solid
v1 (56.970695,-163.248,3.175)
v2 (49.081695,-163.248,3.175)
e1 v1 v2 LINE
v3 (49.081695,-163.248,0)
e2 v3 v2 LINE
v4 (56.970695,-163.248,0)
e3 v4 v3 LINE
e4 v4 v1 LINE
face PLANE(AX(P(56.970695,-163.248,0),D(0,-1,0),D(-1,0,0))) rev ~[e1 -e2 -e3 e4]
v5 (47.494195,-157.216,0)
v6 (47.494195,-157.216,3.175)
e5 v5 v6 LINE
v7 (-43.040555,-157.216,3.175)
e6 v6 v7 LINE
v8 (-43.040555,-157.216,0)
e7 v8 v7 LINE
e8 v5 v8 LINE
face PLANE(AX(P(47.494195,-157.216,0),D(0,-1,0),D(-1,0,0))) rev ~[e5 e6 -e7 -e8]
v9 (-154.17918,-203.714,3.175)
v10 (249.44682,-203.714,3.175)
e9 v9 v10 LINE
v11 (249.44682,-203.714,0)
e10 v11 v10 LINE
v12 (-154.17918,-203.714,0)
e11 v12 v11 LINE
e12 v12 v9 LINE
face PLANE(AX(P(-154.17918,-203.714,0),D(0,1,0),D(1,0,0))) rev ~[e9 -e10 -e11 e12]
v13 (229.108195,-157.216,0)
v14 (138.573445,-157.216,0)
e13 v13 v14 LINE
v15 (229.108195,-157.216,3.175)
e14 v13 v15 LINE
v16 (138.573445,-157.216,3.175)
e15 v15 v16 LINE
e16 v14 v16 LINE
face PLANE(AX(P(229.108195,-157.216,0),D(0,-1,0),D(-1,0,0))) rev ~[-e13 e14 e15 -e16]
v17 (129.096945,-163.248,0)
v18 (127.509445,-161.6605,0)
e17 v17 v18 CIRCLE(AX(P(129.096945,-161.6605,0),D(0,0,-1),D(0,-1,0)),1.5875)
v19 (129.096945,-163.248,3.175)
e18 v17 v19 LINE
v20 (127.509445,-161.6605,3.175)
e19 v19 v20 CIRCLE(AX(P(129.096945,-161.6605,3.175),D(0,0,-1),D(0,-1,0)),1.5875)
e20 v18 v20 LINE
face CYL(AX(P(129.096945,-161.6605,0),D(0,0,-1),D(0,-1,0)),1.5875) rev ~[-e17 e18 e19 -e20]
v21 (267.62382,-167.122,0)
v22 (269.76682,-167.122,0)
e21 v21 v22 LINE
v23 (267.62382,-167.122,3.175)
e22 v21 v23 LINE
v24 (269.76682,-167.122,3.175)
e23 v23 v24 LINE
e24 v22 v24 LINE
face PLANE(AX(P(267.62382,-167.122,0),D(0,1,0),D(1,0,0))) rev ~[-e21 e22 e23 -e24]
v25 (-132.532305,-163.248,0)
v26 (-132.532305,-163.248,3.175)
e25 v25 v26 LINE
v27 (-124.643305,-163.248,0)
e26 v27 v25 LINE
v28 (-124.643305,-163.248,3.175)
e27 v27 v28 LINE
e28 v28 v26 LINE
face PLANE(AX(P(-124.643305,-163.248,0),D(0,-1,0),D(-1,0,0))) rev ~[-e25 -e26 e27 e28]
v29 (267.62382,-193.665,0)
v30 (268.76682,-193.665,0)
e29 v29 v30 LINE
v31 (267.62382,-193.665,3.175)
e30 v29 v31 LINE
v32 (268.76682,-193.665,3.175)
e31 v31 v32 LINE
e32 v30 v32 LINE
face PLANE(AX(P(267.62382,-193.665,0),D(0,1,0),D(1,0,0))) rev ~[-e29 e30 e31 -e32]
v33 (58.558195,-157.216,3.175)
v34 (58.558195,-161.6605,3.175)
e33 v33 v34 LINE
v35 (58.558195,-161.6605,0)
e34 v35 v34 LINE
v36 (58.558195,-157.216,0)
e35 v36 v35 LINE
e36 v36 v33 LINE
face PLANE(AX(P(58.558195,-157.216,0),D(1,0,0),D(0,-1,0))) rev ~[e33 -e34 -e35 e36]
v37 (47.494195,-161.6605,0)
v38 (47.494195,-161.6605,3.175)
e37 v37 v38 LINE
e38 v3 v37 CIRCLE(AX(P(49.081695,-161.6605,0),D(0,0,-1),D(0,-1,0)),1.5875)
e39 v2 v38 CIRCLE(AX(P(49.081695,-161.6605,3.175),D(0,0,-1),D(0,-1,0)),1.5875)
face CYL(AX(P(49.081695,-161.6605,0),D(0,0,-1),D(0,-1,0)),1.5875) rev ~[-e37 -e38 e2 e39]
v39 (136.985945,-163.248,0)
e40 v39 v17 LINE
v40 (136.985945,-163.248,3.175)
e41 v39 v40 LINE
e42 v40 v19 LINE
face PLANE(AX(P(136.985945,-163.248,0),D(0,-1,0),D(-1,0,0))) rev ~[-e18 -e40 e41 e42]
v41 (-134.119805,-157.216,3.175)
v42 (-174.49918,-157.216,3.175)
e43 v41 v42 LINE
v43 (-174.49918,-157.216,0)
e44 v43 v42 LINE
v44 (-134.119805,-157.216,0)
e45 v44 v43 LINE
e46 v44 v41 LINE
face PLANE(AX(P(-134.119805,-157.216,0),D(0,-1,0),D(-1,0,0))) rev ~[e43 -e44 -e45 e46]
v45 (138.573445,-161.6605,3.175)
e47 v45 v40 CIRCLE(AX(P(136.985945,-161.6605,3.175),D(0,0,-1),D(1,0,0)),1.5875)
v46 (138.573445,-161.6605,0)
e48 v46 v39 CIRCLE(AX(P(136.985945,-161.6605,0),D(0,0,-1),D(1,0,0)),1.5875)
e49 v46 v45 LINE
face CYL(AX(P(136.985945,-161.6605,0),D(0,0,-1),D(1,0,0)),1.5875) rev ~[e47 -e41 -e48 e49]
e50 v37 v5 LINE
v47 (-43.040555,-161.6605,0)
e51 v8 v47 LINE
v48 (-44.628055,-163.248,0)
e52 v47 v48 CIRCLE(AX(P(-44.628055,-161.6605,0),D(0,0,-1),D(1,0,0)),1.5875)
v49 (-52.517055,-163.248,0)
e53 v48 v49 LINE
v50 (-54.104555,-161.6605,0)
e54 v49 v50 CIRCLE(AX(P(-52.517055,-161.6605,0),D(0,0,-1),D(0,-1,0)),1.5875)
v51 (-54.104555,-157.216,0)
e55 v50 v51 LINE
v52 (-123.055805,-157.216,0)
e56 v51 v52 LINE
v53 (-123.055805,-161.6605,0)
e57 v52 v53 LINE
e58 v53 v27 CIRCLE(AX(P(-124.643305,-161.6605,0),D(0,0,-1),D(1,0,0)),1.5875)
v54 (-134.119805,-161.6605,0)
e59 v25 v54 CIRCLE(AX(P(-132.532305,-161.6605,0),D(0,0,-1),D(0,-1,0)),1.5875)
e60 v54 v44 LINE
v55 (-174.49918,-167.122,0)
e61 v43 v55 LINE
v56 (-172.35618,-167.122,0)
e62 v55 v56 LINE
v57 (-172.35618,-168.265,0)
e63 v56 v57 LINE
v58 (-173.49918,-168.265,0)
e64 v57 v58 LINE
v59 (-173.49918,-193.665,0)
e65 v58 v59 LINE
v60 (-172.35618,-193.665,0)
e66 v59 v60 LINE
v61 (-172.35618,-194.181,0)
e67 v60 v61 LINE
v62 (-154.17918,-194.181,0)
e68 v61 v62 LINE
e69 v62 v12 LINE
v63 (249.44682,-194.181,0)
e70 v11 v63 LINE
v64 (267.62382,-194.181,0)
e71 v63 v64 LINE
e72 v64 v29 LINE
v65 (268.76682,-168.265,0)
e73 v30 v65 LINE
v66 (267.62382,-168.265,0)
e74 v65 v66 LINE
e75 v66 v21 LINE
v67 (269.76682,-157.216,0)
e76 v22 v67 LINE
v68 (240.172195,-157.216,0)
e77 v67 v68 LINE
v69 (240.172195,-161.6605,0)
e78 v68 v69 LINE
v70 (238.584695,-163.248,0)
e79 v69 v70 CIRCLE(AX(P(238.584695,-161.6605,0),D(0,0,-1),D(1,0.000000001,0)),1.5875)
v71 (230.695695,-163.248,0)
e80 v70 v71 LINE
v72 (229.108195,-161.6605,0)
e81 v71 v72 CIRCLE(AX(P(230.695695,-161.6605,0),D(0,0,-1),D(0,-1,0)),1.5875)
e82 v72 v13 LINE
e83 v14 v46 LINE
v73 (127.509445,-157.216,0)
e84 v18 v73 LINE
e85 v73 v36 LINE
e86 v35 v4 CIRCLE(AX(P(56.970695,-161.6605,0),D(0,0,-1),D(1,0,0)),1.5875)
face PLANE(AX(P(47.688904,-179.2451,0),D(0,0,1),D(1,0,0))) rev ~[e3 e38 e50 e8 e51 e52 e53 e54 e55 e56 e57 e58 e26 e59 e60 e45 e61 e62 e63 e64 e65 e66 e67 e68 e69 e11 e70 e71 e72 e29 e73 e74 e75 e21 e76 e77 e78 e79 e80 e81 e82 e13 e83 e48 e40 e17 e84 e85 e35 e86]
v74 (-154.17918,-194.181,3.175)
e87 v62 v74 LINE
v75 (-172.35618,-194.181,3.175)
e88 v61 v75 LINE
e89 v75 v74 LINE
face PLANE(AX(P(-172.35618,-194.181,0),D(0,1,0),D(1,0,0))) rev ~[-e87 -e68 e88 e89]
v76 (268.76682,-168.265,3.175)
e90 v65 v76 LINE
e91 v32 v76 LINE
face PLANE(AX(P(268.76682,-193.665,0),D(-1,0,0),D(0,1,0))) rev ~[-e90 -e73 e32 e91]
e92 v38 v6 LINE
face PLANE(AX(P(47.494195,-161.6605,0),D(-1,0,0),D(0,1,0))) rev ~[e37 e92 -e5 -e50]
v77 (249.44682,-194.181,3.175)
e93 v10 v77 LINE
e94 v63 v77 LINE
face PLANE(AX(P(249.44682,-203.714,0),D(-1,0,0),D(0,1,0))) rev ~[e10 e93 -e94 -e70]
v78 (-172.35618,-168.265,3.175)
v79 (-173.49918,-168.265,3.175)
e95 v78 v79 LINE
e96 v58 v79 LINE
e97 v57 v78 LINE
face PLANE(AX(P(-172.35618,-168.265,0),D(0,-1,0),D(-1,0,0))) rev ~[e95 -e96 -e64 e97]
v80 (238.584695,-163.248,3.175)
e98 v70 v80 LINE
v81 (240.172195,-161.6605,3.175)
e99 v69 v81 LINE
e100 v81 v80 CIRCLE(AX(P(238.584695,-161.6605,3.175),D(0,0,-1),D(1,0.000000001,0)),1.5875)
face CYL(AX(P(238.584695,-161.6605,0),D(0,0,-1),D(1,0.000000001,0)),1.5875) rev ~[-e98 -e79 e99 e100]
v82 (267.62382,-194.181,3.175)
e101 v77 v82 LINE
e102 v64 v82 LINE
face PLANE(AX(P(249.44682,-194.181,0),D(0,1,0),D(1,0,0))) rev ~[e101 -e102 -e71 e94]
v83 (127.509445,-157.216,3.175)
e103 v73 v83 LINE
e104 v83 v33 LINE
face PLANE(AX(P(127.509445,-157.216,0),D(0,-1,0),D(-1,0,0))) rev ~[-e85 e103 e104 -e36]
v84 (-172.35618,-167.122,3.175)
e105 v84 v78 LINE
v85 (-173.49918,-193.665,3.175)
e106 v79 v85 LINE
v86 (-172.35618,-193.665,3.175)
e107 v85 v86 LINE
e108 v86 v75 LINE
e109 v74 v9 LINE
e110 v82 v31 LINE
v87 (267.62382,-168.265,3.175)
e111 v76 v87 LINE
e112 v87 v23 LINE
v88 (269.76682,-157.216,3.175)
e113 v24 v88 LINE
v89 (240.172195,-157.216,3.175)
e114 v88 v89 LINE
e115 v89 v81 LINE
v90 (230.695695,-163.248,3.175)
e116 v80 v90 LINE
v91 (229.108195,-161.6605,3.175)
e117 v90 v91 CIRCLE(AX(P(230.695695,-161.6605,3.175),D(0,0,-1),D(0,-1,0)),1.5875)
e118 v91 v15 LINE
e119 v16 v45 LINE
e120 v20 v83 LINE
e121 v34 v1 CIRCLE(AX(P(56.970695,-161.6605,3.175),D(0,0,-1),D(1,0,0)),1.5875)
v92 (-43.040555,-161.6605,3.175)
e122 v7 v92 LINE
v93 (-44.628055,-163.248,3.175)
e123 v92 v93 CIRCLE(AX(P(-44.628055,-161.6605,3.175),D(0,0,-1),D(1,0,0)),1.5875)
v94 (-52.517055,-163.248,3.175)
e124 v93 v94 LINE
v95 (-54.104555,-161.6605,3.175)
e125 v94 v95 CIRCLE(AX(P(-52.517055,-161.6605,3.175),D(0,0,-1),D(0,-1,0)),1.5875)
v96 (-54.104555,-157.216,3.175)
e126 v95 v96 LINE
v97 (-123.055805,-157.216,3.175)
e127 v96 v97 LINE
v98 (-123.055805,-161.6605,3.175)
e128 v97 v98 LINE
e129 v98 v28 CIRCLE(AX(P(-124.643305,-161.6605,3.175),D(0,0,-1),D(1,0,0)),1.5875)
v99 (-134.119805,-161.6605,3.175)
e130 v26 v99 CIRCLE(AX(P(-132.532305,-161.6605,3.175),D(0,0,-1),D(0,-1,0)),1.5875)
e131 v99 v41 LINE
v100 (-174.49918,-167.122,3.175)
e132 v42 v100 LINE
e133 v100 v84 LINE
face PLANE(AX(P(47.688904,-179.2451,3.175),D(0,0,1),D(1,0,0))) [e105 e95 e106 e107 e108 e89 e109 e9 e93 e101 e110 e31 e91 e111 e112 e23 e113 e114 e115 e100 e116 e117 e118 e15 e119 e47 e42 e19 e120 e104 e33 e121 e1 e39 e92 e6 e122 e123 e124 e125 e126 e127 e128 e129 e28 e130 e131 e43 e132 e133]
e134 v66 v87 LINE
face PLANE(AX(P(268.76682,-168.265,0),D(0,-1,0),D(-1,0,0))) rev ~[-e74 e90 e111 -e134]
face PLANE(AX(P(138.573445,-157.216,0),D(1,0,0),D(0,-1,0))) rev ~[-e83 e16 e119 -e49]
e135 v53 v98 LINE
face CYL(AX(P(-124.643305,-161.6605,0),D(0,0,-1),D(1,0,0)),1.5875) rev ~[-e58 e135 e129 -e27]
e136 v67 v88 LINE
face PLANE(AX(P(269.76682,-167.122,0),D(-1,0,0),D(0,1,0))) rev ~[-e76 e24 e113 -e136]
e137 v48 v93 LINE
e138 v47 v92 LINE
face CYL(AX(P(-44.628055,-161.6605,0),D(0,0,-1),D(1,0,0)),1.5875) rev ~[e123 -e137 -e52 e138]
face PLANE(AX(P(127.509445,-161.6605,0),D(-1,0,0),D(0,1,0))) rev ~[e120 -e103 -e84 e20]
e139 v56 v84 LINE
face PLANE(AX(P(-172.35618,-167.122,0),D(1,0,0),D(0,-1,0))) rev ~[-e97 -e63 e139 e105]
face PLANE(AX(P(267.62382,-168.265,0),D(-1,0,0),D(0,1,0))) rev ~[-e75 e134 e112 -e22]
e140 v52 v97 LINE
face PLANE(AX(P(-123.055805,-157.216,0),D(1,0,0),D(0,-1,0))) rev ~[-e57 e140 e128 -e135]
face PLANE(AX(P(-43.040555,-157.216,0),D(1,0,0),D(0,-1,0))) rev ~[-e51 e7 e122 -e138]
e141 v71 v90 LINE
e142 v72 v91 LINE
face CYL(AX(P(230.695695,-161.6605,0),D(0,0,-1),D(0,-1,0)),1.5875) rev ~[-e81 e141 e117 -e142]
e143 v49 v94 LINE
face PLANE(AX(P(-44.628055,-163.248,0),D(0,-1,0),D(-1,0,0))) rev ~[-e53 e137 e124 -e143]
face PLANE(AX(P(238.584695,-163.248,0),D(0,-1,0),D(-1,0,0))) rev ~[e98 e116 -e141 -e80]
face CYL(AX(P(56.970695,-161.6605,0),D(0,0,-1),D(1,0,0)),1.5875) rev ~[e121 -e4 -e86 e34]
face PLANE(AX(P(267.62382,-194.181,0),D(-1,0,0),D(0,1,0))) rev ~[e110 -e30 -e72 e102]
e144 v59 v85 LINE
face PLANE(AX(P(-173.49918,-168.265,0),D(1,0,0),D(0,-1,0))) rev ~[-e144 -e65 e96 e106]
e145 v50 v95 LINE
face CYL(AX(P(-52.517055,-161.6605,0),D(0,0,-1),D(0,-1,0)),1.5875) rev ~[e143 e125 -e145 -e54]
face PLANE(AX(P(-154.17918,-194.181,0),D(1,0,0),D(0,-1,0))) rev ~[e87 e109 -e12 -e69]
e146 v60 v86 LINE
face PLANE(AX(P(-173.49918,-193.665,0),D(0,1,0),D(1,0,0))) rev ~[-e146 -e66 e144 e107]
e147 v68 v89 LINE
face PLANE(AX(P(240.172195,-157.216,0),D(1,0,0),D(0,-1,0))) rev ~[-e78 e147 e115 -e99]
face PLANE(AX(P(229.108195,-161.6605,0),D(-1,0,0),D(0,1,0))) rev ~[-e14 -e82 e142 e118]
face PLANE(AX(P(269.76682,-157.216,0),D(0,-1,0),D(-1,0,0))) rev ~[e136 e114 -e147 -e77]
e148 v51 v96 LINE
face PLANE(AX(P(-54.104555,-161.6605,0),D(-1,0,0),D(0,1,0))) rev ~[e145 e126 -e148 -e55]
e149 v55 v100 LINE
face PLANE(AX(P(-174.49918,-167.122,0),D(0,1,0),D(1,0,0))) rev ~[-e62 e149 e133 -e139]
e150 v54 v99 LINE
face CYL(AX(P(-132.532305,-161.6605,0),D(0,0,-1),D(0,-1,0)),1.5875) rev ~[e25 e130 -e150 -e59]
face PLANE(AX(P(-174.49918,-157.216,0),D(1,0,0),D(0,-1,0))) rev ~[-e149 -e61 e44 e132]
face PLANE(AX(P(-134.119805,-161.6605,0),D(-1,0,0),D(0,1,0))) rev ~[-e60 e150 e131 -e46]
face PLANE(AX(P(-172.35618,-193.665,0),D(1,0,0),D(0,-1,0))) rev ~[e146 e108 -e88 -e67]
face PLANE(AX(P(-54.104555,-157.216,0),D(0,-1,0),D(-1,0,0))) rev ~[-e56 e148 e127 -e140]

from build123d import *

# Parameters (mm, degrees)
BOSS_EXTRUDE1_DEPTH = 3.175


with BuildPart() as part:
    # Sketch2 → Boss-Extrude1 (new body)
    with BuildSketch(Plane.XY):
        with BuildLine():
            Line((249.446820082, -203.714000022), (249.446820082, -194.181000022))
            Line((249.446820082, -194.181000022), (267.623820082, -194.181000022))
            Line((267.623820082, -194.181000022), (267.623820082, -193.665000022))
            Line((267.623820082, -193.665000022), (268.766820082, -193.665000022))
            Line((268.766820082, -193.665000022), (268.766820082, -168.265000022))
            Line((268.766820082, -168.265000022), (267.623820082, -168.265000022))
            Line((267.623820082, -168.265000022), (267.623820082, -167.122000022))
            Line((267.623820082, -167.122000022), (269.766820082, -167.122000022))
            Line((269.766820082, -167.122000022), (269.766820082, -157.216000022))
            Line((269.766820082, -157.216000022), (240.172195086, -157.216000021))
            Line((240.172195086, -157.216000021), (240.172195086, -161.66050002))
            ThreePointArc((240.172195086, -161.66050002), (239.707227101, -162.783032036), (238.584695086, -163.24800002))
            Line((238.584695086, -163.24800002), (230.695695086, -163.24800002))
            ThreePointArc((230.695695086, -163.24800002), (229.573163071, -162.783032035), (229.108195086, -161.66050002))
            Line((229.108195086, -161.66050002), (229.108195086, -157.216000021))
            Line((229.108195086, -157.216000021), (138.573445094, -157.216000021))
            Line((138.573445094, -157.216000021), (138.573445094, -161.66050002))
            ThreePointArc((138.573445094, -161.66050002), (138.108477109, -162.783032035), (136.985945094, -163.24800002))
            Line((136.985945094, -163.24800002), (129.096945094, -163.24800002))
            ThreePointArc((129.096945094, -163.24800002), (127.974413079, -162.783032035), (127.509445094, -161.66050002))
            Line((127.509445094, -161.66050002), (127.509445094, -157.216000021))
            Line((127.509445094, -157.216000021), (58.558195094, -157.216000021))
            Line((58.558195094, -157.216000021), (58.558195094, -161.66050002))
            ThreePointArc((58.558195094, -161.66050002), (58.093227109, -162.783032035), (56.970695094, -163.24800002))
            Line((56.970695094, -163.24800002), (49.081695094, -163.24800002))
            ThreePointArc((49.081695094, -163.24800002), (47.959163079, -162.783032035), (47.494195094, -161.66050002))
            Line((47.494195094, -161.66050002), (47.494195094, -157.216000021))
            Line((47.494195094, -157.216000021), (-43.040554898, -157.21600002))
            Line((-43.040554898, -157.21600002), (-43.040554898, -161.660500019))
            ThreePointArc((-43.040554898, -161.660500019), (-43.505522883, -162.783032034), (-44.628054898, -163.248000019))
            Line((-44.628054898, -163.248000019), (-52.517054898, -163.248000019))
            ThreePointArc((-52.517054898, -163.248000019), (-53.639586913, -162.783032034), (-54.104554898, -161.660500019))
            Line((-54.104554898, -161.660500019), (-54.104554898, -157.21600002))
            Line((-54.104554898, -157.21600002), (-123.055804898, -157.21600002))
            Line((-123.055804898, -157.21600002), (-123.055804898, -161.660500019))
            ThreePointArc((-123.055804898, -161.660500019), (-123.520772883, -162.783032034), (-124.643304898, -163.248000019))
            Line((-124.643304898, -163.248000019), (-132.532304898, -163.248000019))
            ThreePointArc((-132.532304898, -163.248000019), (-133.654836913, -162.783032034), (-134.119804898, -161.660500019))
            Line((-134.119804898, -161.660500019), (-134.119804898, -157.21600002))
            Line((-134.119804898, -157.21600002), (-174.499179878, -157.21600002))
            Line((-174.499179878, -157.21600002), (-174.499179878, -167.12200002))
            Line((-174.499179878, -167.12200002), (-172.356179878, -167.12200002))
            Line((-172.356179878, -167.12200002), (-172.356179878, -168.26500002))
            Line((-172.356179878, -168.26500002), (-173.499179878, -168.26500002))
            Line((-173.499179878, -168.26500002), (-173.499179878, -193.66500002))
            Line((-173.499179878, -193.66500002), (-172.356179878, -193.66500002))
            Line((-172.356179878, -193.66500002), (-172.356179878, -194.18100002))
            Line((-172.356179878, -194.18100002), (-154.179179878, -194.18100002))
            Line((-154.179179878, -194.18100002), (-154.179179878, -203.71400002))
            Line((-154.179179878, -203.71400002), (249.446820082, -203.714000022))
        make_face()
    extrude(amount=BOSS_EXTRUDE1_DEPTH)


solid = part.part
